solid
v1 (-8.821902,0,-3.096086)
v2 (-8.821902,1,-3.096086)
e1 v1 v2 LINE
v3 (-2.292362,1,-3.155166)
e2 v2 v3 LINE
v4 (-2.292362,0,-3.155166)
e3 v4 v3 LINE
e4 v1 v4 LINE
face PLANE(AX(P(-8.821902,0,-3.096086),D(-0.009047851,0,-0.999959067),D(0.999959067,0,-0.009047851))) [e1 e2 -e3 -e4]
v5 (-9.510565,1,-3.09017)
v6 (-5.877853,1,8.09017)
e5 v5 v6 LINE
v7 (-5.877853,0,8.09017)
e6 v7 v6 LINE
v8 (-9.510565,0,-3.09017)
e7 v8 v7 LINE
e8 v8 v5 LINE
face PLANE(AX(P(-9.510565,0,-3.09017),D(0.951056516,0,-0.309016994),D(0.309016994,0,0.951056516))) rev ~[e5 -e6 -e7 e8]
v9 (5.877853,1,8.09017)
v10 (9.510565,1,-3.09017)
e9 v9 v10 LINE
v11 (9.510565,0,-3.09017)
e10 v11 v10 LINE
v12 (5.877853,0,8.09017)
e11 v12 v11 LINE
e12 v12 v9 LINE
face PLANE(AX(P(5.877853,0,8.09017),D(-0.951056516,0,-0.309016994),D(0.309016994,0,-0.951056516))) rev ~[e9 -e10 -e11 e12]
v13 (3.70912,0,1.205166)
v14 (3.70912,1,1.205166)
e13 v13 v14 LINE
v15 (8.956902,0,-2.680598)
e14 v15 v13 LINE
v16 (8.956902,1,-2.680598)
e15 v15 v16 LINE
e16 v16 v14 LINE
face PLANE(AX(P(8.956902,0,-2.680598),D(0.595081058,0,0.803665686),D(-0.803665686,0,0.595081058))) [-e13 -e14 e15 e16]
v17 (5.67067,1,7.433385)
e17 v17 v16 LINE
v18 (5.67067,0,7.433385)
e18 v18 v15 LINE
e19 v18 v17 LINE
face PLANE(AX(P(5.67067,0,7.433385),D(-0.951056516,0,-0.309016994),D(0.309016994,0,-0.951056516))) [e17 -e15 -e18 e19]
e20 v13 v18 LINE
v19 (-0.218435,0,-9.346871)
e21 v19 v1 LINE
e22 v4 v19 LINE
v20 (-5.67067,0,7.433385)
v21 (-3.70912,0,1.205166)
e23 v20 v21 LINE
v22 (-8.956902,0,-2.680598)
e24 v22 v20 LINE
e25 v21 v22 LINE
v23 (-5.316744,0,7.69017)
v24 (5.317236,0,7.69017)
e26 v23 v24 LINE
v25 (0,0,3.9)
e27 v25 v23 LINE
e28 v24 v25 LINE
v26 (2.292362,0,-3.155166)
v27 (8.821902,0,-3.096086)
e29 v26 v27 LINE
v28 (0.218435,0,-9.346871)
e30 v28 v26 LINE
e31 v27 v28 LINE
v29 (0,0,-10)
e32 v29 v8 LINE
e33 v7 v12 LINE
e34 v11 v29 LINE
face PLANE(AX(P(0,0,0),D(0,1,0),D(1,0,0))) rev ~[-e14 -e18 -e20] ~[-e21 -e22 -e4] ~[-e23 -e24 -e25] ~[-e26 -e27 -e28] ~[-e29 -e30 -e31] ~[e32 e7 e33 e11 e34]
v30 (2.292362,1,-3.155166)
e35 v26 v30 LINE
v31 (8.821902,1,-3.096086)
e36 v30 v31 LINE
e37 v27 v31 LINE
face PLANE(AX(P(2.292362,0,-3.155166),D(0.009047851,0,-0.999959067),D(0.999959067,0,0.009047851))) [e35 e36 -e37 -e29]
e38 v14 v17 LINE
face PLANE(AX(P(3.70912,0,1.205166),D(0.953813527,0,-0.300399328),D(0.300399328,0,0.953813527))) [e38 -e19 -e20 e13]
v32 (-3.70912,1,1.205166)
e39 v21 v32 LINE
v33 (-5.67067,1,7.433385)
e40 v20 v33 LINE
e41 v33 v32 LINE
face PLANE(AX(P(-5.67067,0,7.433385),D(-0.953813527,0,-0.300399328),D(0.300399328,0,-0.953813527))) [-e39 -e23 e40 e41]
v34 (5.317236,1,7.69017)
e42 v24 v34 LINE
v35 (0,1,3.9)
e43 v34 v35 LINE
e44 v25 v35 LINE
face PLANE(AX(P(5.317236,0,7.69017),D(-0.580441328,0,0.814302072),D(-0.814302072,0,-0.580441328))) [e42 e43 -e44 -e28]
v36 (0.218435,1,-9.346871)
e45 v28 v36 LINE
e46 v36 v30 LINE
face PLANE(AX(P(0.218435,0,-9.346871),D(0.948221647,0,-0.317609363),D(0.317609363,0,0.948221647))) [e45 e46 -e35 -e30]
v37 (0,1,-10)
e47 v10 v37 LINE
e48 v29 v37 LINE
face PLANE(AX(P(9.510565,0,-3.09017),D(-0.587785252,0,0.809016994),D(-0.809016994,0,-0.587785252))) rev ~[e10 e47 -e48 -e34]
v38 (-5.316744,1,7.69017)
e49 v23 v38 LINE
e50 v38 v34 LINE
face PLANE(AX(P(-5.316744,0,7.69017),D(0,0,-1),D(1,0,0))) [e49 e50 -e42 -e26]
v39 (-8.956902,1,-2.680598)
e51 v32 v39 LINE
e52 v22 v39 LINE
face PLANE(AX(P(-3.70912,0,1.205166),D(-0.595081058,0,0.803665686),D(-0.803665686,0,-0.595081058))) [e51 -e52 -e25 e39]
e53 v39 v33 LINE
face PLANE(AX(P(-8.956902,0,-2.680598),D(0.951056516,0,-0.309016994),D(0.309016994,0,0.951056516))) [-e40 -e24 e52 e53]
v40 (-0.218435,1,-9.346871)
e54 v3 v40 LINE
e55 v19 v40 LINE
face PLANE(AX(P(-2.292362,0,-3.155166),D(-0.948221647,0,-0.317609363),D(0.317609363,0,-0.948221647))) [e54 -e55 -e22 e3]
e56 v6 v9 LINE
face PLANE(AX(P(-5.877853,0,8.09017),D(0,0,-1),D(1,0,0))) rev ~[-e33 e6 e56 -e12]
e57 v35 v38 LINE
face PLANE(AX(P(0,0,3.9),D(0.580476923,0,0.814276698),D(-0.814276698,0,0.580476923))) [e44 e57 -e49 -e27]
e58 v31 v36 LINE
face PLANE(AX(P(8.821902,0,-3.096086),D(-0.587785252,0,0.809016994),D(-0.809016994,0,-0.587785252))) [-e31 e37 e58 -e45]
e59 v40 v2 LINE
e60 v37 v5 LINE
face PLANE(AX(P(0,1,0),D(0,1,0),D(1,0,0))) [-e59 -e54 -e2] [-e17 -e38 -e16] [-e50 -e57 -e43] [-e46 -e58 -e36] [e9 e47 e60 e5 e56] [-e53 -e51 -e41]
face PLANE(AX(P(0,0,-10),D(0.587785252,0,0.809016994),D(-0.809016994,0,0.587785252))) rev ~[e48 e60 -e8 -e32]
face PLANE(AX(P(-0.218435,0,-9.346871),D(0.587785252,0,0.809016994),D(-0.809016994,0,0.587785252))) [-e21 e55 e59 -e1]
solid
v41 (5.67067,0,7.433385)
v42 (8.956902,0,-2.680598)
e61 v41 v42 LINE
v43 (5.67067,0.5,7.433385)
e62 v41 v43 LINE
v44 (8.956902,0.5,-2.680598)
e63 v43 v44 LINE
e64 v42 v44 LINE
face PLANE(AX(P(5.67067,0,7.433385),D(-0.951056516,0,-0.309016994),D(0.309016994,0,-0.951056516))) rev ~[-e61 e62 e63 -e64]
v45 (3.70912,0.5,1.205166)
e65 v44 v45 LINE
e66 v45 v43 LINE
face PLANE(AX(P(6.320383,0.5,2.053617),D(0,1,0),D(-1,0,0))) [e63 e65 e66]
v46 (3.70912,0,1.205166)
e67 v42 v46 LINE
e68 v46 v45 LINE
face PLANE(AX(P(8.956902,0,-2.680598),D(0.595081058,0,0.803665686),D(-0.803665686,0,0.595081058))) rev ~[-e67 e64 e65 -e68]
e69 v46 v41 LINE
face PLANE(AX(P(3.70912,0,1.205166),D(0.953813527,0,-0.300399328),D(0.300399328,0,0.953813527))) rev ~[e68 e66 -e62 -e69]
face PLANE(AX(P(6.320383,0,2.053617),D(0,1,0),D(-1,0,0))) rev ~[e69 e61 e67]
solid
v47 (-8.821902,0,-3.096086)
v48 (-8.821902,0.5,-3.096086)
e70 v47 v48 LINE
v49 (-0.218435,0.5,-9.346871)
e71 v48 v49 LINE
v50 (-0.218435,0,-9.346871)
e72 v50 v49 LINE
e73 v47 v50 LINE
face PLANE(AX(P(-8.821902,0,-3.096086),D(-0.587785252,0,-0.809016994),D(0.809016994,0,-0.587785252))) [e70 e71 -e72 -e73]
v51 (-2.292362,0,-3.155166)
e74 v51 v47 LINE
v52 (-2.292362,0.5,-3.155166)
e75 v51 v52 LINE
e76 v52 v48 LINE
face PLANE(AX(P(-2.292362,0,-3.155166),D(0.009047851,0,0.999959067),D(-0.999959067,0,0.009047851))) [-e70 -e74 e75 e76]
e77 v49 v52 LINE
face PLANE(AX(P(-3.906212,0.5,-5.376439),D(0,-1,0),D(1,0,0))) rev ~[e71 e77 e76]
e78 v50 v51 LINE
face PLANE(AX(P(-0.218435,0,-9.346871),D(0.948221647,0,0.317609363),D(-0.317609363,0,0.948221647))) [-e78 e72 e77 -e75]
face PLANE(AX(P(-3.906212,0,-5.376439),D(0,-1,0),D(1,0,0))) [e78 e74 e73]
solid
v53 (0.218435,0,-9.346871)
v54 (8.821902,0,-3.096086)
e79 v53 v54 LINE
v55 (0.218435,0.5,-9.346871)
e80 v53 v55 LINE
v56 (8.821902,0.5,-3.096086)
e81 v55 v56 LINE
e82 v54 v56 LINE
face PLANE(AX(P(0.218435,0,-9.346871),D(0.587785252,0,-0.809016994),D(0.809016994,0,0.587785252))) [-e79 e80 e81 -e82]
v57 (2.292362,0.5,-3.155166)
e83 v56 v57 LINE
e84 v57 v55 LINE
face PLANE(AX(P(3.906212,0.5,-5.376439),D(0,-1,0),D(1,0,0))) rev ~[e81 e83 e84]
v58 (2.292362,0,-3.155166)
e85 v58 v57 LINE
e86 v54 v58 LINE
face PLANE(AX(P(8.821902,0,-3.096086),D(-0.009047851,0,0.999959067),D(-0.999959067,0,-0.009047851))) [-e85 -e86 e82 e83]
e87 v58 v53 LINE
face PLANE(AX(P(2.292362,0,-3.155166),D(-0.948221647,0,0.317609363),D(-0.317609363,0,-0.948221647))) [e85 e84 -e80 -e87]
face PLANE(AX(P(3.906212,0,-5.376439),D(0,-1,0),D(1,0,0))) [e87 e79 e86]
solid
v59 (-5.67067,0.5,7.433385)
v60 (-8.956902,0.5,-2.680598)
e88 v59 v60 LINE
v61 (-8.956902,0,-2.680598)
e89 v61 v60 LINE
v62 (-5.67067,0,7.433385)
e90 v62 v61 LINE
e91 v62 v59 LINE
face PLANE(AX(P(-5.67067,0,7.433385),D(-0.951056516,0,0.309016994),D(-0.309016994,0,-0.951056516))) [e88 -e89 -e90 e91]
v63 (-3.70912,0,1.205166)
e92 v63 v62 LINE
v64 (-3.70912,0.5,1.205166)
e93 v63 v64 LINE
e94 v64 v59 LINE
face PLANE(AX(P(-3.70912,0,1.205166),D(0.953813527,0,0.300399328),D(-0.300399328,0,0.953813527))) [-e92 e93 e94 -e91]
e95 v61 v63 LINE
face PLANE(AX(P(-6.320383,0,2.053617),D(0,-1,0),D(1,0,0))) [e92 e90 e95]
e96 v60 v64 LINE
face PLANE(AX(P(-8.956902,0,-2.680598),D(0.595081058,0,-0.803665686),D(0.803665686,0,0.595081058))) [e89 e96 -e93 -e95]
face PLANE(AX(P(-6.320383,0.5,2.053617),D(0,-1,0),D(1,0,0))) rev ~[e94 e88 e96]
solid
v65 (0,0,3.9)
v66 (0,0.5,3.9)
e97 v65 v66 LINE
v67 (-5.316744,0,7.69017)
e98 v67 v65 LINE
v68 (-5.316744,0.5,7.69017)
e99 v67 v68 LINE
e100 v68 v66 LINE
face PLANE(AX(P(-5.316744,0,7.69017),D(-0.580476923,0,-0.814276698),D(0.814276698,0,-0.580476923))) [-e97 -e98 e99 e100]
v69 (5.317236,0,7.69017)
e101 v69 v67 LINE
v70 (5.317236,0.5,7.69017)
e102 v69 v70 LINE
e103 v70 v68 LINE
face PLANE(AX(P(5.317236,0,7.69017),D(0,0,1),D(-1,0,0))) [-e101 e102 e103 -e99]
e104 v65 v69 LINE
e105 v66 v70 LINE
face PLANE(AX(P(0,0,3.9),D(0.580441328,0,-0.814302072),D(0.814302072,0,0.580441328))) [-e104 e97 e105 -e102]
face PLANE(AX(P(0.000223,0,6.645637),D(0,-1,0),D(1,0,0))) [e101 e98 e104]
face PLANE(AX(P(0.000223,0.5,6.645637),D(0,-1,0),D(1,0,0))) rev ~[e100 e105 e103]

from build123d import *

# Parameters (mm, degrees)
BOSS_EXTRUDE1_DEPTH   = 1
BOSS_EXTRUDE2_DEPTH   = 0.5
BOSS_EXTRUDE2_2_DEPTH = 0.5
BOSS_EXTRUDE2_3_DEPTH = 0.5
BOSS_EXTRUDE2_4_DEPTH = 0.5
BOSS_EXTRUDE2_5_DEPTH = 0.5


with BuildPart() as part:
    # Sketch1 → Boss-Extrude1 (new body)
    with BuildSketch(Plane(origin=(0, 0, 0), x_dir=(1, 0, 0), z_dir=(0, 1, 0))):
        Polygon((9.510565163, 3.090169944), (0, 10), (-9.510565163, 3.090169944), (-5.877852523, -8.090169944), (5.877852523, -8.090169944), align=None)
        Polygon((5.6706701, -7.433384684), (8.956902373, 2.68059828), (3.709120414, -1.205166278), align=None, mode=Mode.SUBTRACT)
        Polygon((8.821902373, 3.096085557), (0.218434588, 9.346870791), (2.292362484, 3.155166278), align=None, mode=Mode.SUBTRACT)
        Polygon((-0.218434588, 9.346870791), (-8.821902373, 3.096085557), (-2.292362484, 3.155166278), align=None, mode=Mode.SUBTRACT)
        Polygon((-8.956902373, 2.68059828), (-5.6706701, -7.433384684), (-3.709120414, -1.205166278), align=None, mode=Mode.SUBTRACT)
        Polygon((-5.316743775, -7.690169944), (5.317235512, -7.690169944), (0, -3.9), align=None, mode=Mode.SUBTRACT)
    extrude(amount=BOSS_EXTRUDE1_DEPTH)


with BuildPart() as body_2:
    # Sketch3 → Boss-Extrude2 (new body)
    with BuildSketch(Plane.XZ):
        Polygon((8.956902373, -2.68059828), (3.709120414, 1.205166278), (5.6706701, 7.433384684), align=None)
    extrude(amount=-BOSS_EXTRUDE2_DEPTH)


with BuildPart() as body_3:
    # Sketch3 → Boss-Extrude2 2 (new body)
    with BuildSketch(Plane.XZ):
        Polygon((8.821902373, -3.096085557), (2.292362484, -3.155166278), (0.218434588, -9.346870791), align=None)
    extrude(amount=-BOSS_EXTRUDE2_2_DEPTH)


with BuildPart() as body_4:
    # Sketch3 → Boss-Extrude2 3 (new body)
    with BuildSketch(Plane.XZ):
        Polygon((-0.218434588, -9.346870791), (-2.292362484, -3.155166278), (-8.821902373, -3.096085557), align=None)
    extrude(amount=-BOSS_EXTRUDE2_3_DEPTH)


with BuildPart() as body_5:
    # Sketch3 → Boss-Extrude2 4 (new body)
    with BuildSketch(Plane.XZ):
        Polygon((-8.956902373, -2.68059828), (-3.709120414, 1.205166278), (-5.6706701, 7.433384684), align=None)
    extrude(amount=-BOSS_EXTRUDE2_4_DEPTH)


with BuildPart() as body_6:
    # Sketch3 → Boss-Extrude2 5 (new body)
    with BuildSketch(Plane.XZ):
        Polygon((0, 3.9), (5.317235512, 7.690169944), (-5.316743775, 7.690169944), align=None)
    extrude(amount=-BOSS_EXTRUDE2_5_DEPTH)


solid = Compound([part.part, body_2.part, body_3.part, body_4.part, body_5.part, body_6.part])
